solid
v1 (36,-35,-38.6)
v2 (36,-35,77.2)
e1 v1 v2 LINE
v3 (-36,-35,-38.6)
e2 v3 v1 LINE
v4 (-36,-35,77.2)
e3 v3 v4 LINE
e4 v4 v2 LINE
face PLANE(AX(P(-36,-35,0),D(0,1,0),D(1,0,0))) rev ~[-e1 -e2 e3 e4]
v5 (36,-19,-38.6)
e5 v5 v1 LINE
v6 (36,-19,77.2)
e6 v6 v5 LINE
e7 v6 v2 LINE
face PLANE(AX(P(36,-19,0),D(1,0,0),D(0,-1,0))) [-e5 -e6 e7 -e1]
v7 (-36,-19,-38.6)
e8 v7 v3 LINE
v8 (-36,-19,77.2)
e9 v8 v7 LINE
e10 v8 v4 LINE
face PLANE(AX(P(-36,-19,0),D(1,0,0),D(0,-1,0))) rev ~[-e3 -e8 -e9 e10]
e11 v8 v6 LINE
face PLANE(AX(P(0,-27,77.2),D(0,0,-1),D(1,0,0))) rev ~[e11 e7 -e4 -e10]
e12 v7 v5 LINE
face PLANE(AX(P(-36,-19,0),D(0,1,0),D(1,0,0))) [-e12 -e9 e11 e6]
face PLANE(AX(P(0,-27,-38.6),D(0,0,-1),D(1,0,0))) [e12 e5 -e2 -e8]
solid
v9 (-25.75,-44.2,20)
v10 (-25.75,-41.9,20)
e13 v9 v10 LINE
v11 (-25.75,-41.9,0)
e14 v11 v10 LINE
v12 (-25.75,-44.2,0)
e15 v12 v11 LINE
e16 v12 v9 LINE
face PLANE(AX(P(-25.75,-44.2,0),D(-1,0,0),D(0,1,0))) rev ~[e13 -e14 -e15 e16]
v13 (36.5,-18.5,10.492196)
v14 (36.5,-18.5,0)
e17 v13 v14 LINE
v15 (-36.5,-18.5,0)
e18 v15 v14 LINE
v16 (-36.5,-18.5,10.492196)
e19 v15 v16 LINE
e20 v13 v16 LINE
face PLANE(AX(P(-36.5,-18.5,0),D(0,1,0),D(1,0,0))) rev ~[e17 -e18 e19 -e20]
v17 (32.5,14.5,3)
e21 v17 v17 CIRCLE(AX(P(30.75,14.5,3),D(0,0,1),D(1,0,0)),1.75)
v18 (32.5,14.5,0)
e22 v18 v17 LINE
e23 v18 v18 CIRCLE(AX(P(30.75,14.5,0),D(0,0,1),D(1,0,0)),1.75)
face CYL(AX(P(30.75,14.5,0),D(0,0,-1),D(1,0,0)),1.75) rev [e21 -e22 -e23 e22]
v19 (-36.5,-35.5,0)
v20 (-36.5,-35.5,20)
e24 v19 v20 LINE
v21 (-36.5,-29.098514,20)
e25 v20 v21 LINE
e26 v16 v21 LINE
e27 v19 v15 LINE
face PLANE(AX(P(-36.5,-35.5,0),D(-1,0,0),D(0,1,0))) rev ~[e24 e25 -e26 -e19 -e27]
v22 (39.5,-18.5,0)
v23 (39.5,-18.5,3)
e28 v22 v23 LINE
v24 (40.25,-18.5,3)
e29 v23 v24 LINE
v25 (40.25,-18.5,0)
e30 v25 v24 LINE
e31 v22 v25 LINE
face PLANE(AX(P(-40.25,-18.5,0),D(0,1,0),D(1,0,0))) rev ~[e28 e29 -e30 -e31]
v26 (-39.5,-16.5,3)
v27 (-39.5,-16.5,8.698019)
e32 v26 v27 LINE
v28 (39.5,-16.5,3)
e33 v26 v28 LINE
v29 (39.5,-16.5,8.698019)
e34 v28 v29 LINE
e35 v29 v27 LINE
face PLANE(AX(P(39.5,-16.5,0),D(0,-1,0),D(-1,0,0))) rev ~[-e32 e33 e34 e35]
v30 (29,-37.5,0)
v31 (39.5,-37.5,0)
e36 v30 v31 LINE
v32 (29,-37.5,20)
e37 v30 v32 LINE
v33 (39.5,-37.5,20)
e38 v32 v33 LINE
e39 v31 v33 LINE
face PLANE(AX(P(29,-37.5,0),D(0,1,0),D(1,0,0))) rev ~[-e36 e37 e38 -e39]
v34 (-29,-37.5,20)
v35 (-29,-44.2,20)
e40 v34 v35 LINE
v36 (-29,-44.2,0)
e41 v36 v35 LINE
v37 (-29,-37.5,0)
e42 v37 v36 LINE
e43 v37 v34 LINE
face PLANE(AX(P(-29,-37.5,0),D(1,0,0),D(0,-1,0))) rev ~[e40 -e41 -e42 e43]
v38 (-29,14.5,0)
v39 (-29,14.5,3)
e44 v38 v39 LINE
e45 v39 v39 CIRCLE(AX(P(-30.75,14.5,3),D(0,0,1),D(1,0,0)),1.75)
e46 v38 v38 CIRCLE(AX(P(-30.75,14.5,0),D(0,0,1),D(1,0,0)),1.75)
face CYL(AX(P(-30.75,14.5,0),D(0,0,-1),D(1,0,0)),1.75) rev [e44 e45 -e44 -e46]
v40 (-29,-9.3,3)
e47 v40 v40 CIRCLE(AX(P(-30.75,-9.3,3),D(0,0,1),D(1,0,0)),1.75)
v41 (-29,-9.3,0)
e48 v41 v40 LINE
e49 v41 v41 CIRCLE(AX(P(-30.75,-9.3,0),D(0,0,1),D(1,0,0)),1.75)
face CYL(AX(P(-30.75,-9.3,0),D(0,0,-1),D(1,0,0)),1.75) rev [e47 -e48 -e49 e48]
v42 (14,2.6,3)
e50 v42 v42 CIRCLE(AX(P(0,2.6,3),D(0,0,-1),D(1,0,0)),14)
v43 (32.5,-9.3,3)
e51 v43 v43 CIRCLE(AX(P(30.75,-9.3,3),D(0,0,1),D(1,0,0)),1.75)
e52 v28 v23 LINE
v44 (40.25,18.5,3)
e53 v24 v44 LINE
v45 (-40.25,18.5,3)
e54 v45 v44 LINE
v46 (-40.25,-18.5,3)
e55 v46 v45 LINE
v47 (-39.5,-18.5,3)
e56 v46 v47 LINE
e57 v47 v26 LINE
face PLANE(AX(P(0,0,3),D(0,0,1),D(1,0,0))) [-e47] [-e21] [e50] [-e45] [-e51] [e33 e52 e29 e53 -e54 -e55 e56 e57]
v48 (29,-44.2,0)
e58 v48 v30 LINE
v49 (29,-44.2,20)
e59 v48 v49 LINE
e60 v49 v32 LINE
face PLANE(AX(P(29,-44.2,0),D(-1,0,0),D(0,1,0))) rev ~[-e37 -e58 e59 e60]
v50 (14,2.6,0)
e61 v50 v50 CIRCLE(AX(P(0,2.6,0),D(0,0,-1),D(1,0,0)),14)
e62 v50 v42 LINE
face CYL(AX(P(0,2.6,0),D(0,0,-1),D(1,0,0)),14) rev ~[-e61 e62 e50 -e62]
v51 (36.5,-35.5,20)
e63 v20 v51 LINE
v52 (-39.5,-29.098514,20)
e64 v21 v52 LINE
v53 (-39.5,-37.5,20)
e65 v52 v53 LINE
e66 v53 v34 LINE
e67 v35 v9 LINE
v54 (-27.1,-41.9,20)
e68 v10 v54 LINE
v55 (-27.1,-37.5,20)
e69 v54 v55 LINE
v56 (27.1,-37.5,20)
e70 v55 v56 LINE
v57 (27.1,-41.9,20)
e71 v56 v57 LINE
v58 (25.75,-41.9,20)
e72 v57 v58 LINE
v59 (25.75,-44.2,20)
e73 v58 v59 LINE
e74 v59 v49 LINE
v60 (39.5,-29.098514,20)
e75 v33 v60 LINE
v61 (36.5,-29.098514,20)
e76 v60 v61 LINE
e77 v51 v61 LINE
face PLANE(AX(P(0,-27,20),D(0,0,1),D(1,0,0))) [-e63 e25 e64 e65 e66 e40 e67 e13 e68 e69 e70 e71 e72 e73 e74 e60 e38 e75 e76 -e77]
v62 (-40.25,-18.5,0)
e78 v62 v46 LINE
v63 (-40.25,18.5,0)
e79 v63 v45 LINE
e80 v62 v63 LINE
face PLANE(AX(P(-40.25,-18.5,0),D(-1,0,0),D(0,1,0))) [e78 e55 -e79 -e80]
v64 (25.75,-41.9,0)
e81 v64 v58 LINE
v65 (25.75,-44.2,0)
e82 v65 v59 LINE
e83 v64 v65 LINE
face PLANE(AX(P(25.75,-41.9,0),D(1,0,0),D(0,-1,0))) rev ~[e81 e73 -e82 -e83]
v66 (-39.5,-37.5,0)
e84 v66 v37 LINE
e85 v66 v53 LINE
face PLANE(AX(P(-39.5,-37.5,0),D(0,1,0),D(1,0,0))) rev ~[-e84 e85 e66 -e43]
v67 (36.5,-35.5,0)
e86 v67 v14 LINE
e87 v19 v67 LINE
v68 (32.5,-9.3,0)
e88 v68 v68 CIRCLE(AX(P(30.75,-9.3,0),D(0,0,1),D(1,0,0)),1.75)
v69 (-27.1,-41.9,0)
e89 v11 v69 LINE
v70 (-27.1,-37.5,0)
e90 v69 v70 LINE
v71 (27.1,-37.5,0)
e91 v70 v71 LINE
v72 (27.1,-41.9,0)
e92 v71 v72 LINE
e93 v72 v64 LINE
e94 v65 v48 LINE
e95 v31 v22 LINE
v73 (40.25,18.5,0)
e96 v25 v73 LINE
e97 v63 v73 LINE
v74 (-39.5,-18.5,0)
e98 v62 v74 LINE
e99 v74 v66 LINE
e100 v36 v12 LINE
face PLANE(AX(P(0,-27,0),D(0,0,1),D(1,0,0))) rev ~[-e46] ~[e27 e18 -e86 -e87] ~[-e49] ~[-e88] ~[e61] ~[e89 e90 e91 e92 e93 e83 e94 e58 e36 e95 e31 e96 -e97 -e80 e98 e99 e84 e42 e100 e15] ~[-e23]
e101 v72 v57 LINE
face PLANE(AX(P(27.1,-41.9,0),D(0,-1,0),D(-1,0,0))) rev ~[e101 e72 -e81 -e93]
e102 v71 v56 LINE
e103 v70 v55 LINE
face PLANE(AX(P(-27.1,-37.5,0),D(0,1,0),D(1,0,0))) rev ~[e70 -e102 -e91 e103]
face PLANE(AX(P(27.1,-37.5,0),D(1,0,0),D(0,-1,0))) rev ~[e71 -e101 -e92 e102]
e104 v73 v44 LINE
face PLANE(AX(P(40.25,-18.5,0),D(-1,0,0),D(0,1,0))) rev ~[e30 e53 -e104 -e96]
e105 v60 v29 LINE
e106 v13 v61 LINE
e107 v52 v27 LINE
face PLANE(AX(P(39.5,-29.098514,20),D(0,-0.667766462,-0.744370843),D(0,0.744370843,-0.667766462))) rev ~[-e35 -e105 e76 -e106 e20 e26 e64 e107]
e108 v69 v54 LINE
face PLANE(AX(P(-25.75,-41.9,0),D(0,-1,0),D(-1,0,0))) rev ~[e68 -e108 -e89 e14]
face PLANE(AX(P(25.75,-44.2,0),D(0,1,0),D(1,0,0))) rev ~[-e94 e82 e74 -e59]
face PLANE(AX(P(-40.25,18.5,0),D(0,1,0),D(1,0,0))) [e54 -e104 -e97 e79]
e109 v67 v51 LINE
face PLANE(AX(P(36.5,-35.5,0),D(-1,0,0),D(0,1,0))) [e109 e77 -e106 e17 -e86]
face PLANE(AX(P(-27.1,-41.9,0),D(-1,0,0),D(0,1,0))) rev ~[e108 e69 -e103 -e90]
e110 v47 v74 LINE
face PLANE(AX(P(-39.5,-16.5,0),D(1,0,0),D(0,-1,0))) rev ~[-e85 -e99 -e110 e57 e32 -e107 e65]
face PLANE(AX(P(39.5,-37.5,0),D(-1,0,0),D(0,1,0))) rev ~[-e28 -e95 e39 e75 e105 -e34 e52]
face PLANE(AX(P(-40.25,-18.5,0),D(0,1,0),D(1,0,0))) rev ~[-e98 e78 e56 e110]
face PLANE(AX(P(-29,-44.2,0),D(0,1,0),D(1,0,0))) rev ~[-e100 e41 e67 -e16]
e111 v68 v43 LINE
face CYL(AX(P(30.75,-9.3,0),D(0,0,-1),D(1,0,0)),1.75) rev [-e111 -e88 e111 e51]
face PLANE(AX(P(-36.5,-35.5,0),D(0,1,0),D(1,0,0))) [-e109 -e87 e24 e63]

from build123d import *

# Parameters (mm, degrees)
F0_W           = 80.5
F0_H           = 37
F0_R           = 1.75
F1_DEPTH       = 3
F2_W           = 73
F2_H           = 17
F3_DEPTH       = 20
F5_DEPTH       = 79
F6_R           = 14
F7_DEPTH       = 25
F8_R           = 3.15
F9_DEPTH       = 25
F10_W          = 72
F10_H          = 16
F11_DEPTH      = 38.6
F11_DEPTH_BACK = 77.2


with BuildPart() as f1:
    # F0 (on Top) → F1 (new body)
    with BuildSketch(Plane.XY):
        Rectangle(F0_W, F0_H)
        with Locations((-30.75, -9.3)):
            Circle(F0_R, mode=Mode.SUBTRACT)
        with Locations((30.75, -9.3)):
            Circle(F0_R, mode=Mode.SUBTRACT)
        with Locations((-30.75, 14.5)):
            Circle(F0_R, mode=Mode.SUBTRACT)
        with Locations((30.75, 14.5)):
            Circle(F0_R, mode=Mode.SUBTRACT)
    extrude(amount=F1_DEPTH)

    # F2 (on Top) → F3 (join)
    with BuildSketch(Plane.XY):
        Polygon((39.5, -37.5), (39.5, -16.5), (-39.5, -16.5), (-39.5, -37.5), (-29, -37.5), (-27.1, -37.5), (27.1, -37.5), (29, -37.5), align=None)
        with Locations((0, -27)):
            Rectangle(F2_W, F2_H, mode=Mode.SUBTRACT)
        Polygon((-27.1, -37.5), (-29, -37.5), (-29, -44.2), (-25.75, -44.2), (-25.75, -41.9), (-27.1, -41.9), align=None)
        Polygon((29, -44.2), (29, -37.5), (27.1, -37.5), (27.1, -41.9), (25.75, -41.9), (25.75, -44.2), align=None)
    extrude(amount=F3_DEPTH)

    # F4 (on face) → F5 (cut, through all)
    with BuildSketch(Plane.YZ.offset(39.5)):
        Polygon((-16.5, 8.698019), (-16.5, 20), (-29.098514, 20), align=None)
    extrude(amount=-F5_DEPTH, mode=Mode.SUBTRACT)

    # F6 (on face) → F7 (cut)
    with BuildSketch(Plane(origin=(0, 0, 0), x_dir=(1, 0, 0), z_dir=(0, 0, -1))):
        with Locations((0, -2.6)):
            Circle(F6_R)
    extrude(amount=-F7_DEPTH, mode=Mode.SUBTRACT)

    # F8 (on face) → F9 (cut)
    with BuildSketch(Plane.XY.offset(3)):
        with Locations((30.75, -9.3)):
            Circle(F8_R)
        with Locations((-30.75, -9.3)):
            Circle(F8_R)
    extrude(amount=F9_DEPTH, mode=Mode.SUBTRACT)


with BuildPart() as f11:
    # F10 (on face) → F11 (new body, two sides)
    with BuildSketch(Plane(origin=(0, 0, 0), x_dir=(1, 0, 0), z_dir=(0, 0, -1))) as f11_sk:
        with Locations((0, 27)):
            Rectangle(F10_W, F10_H)
    extrude(amount=F11_DEPTH)
    extrude(f11_sk.sketch, amount=-F11_DEPTH_BACK)


solid = Compound([f1.part, f11.part])
